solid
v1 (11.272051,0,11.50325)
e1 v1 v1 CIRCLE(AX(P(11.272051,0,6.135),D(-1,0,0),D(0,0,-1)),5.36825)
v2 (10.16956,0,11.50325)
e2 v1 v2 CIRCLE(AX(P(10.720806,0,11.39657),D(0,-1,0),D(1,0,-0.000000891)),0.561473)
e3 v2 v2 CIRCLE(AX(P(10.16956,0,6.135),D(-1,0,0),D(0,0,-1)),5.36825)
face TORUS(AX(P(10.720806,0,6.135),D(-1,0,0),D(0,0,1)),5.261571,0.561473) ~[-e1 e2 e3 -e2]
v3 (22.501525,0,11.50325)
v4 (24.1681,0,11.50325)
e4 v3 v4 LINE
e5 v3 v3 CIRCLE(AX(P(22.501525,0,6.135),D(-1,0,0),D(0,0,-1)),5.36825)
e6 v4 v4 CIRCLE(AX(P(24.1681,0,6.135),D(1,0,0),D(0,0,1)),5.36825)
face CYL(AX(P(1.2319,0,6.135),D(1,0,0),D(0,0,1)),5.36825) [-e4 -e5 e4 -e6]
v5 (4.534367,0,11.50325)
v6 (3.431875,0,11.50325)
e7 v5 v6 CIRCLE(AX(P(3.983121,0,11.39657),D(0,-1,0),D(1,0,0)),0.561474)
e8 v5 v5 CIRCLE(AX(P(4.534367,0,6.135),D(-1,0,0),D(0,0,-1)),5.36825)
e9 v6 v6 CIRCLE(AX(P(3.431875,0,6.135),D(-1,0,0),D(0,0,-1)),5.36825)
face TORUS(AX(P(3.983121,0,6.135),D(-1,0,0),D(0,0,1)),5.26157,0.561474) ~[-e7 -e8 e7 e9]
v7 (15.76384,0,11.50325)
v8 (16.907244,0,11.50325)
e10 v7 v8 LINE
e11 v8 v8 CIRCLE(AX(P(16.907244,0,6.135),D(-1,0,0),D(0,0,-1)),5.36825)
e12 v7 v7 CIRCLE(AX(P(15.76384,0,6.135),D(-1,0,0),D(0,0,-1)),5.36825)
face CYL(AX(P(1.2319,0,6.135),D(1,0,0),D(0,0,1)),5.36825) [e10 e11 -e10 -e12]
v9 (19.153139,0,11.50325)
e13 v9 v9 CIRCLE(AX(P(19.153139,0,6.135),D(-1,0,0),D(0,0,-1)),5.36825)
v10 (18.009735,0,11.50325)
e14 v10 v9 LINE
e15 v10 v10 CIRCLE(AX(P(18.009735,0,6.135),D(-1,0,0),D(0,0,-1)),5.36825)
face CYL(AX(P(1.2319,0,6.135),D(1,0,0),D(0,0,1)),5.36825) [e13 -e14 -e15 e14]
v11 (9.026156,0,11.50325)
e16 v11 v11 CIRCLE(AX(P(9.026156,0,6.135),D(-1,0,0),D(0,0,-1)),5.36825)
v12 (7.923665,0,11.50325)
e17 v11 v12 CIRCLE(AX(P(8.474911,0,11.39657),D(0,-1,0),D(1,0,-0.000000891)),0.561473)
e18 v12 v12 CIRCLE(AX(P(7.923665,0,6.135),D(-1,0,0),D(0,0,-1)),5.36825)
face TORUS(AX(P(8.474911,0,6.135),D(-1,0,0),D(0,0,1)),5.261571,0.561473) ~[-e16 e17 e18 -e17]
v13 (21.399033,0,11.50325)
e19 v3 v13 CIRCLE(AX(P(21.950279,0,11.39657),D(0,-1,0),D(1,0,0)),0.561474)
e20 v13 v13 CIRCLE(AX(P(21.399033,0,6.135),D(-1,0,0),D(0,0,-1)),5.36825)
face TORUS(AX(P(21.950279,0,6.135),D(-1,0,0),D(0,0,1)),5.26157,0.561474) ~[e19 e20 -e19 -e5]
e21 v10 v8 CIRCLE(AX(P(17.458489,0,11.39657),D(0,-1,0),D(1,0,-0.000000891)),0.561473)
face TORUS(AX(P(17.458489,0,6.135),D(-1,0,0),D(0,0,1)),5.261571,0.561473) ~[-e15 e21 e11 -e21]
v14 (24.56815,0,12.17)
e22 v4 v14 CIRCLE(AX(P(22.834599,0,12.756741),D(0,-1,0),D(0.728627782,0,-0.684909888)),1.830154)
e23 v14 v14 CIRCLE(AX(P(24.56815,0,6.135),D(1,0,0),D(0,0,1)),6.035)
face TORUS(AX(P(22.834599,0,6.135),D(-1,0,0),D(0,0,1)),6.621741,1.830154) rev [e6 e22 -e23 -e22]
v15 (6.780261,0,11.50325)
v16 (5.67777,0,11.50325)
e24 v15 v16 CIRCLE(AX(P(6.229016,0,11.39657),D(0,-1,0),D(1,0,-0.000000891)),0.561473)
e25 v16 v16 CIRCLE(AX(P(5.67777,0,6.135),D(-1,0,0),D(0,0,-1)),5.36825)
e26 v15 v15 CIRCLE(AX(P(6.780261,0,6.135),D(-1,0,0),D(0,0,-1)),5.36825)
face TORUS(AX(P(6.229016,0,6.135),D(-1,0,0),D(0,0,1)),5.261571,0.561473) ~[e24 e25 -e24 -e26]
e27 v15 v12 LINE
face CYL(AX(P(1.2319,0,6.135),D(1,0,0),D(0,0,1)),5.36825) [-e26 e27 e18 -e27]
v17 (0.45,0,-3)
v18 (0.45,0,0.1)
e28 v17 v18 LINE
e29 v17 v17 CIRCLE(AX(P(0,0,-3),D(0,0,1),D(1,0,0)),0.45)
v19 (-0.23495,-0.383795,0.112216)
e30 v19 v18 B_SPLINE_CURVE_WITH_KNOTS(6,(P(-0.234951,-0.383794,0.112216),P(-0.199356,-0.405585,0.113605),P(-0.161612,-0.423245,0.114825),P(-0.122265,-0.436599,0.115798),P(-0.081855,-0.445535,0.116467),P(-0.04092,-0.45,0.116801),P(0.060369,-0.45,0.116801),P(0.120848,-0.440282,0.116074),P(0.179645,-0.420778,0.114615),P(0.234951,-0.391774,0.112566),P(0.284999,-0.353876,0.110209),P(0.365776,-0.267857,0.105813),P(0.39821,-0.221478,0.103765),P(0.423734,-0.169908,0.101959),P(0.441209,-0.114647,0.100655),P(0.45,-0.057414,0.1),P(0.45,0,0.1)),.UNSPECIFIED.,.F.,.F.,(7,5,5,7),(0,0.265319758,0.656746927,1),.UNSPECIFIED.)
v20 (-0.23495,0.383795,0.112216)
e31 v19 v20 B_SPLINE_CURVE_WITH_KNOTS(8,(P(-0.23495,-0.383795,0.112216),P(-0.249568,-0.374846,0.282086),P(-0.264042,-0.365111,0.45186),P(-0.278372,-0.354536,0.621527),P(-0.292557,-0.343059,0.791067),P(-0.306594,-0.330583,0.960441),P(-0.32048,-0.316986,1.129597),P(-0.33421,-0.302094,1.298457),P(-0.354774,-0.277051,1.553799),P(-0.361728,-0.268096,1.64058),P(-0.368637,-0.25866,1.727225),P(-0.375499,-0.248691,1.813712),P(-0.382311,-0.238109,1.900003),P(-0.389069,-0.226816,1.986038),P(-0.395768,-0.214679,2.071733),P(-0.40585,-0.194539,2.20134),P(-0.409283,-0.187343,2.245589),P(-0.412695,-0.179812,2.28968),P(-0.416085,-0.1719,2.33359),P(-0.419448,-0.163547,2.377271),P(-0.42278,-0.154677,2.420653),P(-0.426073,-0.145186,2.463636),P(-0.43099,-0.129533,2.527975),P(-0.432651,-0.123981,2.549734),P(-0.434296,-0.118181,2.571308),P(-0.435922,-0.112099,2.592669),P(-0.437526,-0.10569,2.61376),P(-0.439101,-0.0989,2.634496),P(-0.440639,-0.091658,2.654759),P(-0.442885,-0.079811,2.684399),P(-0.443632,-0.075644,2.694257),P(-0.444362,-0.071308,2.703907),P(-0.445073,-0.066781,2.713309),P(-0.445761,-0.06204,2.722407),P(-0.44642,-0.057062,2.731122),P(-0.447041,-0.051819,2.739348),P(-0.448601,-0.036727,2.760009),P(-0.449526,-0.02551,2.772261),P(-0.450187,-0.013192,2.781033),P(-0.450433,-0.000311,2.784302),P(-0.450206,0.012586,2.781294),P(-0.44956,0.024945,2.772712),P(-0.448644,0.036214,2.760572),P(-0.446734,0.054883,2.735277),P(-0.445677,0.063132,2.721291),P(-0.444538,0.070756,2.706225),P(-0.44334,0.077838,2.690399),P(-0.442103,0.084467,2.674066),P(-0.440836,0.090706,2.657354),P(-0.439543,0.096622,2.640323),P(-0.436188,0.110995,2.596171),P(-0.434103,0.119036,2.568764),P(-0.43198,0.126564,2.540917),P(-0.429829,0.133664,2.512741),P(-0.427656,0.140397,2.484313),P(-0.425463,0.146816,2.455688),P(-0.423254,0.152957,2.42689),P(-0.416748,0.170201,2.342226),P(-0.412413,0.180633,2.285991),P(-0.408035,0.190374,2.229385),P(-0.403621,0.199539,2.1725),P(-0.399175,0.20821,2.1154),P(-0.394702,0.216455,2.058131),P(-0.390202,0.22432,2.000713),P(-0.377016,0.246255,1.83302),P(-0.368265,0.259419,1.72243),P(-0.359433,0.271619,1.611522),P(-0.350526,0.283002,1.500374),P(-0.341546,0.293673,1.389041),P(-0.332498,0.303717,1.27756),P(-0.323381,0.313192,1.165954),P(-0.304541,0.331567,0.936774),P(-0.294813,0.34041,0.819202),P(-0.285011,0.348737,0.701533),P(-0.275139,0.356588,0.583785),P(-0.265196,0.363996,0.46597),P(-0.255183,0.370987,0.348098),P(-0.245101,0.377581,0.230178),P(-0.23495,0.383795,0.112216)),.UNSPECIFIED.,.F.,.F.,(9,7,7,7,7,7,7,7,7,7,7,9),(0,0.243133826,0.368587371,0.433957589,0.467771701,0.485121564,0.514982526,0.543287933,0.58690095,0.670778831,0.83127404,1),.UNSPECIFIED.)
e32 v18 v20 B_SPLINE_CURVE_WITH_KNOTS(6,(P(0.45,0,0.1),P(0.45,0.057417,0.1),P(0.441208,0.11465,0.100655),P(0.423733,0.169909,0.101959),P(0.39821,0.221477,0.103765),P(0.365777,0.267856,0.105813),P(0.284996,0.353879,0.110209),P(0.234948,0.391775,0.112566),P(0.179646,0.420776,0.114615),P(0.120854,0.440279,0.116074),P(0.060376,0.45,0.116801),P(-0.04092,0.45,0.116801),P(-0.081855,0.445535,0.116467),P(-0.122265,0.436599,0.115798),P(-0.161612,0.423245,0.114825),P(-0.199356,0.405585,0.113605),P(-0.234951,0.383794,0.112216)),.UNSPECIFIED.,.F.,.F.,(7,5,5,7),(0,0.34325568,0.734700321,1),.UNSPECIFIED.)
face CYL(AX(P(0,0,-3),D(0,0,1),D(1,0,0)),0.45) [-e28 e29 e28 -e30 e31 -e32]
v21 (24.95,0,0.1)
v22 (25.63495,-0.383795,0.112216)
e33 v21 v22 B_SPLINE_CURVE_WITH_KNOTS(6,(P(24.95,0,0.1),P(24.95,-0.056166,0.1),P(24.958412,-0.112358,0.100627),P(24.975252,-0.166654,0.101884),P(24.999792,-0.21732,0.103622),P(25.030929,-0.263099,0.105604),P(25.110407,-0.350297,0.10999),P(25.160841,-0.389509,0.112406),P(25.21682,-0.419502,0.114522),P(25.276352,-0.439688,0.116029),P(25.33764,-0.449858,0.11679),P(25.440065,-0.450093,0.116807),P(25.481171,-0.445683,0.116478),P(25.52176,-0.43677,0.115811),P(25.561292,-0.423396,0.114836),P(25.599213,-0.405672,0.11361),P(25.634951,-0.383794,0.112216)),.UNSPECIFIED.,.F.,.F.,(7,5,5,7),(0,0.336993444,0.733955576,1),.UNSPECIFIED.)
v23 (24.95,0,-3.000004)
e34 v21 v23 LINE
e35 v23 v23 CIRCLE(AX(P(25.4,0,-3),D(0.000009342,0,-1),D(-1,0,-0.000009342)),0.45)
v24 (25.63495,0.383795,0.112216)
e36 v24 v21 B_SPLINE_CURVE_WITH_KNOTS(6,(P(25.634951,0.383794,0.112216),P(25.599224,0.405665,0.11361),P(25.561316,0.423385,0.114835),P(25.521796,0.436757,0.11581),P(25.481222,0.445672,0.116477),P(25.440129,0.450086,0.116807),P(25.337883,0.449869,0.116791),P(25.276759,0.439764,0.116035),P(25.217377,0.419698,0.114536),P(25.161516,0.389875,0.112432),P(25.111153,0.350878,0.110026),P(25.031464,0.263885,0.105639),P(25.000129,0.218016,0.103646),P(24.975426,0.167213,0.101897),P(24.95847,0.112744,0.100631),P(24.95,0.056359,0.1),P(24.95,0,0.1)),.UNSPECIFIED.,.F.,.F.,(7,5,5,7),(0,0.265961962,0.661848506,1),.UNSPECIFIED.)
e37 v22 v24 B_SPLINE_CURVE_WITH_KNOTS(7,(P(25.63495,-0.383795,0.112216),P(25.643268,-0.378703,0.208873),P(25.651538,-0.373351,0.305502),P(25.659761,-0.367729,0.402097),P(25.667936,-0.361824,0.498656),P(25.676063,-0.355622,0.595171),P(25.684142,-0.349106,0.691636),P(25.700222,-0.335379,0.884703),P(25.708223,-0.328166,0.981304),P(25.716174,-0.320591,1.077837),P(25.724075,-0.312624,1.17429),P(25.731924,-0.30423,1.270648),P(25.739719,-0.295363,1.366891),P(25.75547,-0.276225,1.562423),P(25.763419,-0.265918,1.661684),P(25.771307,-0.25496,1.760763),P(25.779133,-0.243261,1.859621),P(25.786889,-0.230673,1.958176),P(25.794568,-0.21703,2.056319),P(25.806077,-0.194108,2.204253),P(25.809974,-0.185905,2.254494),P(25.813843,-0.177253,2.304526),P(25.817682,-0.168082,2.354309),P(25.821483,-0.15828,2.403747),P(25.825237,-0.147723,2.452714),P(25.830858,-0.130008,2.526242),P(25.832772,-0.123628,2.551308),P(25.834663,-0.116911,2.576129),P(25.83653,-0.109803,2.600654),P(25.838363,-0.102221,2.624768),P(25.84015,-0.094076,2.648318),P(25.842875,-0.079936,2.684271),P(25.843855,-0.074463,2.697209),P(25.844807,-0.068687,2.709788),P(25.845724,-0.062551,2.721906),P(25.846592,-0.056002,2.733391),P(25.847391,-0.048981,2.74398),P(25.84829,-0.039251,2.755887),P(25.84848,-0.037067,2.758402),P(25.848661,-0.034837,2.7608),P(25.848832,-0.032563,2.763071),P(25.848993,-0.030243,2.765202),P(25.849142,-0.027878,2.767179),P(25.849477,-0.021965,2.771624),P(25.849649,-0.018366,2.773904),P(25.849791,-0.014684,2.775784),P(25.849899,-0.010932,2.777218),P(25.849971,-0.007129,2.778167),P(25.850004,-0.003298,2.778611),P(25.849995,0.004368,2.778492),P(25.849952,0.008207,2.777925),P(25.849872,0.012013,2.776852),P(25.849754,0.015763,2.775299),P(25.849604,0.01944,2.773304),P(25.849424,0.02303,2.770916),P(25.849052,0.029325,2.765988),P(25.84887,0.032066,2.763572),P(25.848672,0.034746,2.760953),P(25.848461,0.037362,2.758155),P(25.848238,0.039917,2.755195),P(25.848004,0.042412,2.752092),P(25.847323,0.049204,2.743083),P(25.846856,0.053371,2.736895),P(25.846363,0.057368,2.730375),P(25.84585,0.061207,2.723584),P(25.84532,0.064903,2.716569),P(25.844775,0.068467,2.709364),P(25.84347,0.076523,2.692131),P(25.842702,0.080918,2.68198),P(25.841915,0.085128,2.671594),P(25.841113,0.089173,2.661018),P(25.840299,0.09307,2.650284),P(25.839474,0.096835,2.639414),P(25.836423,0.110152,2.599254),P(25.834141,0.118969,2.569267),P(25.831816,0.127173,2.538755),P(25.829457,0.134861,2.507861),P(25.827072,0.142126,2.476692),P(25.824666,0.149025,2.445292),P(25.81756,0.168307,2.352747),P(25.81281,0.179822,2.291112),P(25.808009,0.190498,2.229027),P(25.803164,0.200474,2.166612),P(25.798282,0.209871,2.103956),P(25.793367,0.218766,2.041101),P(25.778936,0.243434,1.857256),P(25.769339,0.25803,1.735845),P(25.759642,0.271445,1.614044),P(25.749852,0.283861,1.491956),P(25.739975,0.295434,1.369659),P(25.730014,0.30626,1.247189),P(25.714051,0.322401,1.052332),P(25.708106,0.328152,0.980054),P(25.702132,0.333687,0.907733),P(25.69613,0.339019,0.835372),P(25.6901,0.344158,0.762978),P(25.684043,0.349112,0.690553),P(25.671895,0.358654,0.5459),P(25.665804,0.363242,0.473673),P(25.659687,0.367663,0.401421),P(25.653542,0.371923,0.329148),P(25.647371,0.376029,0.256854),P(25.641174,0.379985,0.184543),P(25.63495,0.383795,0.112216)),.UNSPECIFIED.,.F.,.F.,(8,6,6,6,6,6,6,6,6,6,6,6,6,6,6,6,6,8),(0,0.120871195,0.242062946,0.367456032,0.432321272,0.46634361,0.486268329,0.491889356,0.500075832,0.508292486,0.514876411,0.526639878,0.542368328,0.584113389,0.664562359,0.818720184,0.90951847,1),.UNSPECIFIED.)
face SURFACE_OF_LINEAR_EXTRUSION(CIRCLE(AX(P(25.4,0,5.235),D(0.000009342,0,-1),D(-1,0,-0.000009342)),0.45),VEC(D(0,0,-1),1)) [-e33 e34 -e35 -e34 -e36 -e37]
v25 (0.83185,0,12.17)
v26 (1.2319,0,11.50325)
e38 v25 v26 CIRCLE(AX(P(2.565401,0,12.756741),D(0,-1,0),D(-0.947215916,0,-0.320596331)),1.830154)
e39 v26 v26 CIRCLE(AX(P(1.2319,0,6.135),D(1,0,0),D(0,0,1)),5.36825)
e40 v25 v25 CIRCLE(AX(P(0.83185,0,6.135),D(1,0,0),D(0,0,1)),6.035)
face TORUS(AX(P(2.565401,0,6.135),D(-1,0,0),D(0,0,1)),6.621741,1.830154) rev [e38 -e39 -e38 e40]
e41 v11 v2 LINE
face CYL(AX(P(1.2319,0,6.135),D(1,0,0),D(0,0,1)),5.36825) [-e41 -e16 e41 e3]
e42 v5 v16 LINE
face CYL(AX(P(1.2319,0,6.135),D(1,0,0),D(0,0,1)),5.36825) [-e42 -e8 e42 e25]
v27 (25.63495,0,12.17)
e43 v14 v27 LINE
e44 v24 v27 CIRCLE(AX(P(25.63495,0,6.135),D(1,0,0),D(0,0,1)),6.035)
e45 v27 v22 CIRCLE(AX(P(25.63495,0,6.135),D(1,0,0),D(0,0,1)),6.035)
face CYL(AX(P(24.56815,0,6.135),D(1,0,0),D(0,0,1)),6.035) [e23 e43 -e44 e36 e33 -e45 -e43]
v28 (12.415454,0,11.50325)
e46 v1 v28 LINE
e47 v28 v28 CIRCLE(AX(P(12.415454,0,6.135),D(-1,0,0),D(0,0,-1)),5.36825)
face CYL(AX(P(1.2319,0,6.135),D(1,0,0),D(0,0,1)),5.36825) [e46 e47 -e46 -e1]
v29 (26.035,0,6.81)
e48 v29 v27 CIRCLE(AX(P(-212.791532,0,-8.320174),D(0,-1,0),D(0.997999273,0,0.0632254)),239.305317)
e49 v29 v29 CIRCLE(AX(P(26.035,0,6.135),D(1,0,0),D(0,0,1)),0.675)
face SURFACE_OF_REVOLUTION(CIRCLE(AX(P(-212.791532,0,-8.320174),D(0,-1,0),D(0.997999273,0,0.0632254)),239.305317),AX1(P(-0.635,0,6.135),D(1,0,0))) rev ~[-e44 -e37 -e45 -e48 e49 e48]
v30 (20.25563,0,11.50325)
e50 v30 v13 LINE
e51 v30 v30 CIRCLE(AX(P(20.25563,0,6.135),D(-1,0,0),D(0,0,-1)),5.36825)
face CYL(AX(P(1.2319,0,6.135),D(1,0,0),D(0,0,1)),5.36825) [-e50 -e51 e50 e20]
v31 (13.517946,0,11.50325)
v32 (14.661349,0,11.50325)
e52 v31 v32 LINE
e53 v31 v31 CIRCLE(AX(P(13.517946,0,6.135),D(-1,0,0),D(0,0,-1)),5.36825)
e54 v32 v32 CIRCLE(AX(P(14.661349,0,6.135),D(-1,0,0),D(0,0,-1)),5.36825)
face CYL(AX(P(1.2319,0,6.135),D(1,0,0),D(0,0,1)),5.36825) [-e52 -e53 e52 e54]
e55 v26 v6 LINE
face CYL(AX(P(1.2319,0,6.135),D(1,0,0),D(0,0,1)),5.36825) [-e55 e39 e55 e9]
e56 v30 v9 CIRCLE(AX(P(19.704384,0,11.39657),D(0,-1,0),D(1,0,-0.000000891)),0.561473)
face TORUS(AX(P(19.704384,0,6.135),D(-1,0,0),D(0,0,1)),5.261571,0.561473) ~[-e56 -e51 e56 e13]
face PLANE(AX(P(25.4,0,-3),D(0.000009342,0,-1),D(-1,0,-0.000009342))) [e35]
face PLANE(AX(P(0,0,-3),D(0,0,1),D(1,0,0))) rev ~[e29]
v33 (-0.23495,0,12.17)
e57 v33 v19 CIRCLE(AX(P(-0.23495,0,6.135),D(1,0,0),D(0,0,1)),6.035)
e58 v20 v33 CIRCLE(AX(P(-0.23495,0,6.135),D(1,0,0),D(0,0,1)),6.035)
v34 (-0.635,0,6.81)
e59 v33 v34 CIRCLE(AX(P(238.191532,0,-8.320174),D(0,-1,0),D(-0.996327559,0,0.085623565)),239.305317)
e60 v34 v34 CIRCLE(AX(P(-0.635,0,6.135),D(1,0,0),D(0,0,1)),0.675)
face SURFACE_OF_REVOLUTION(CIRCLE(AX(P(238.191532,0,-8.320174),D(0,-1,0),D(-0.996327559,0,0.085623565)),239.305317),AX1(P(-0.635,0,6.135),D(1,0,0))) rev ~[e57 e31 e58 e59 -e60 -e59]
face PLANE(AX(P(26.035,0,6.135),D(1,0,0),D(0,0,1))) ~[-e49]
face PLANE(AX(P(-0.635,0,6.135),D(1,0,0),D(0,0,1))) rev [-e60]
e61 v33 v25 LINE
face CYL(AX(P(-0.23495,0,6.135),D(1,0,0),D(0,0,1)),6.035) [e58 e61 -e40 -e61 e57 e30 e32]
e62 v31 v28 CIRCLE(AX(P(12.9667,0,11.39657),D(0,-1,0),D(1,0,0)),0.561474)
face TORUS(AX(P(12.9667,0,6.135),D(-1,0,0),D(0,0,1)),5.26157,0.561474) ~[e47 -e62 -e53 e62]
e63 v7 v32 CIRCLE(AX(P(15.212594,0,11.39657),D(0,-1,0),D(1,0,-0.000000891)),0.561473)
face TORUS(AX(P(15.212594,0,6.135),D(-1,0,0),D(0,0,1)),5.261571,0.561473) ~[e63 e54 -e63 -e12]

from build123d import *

# Parameters (mm, degrees)
SKETCH_R = 0.45


with BuildPart() as revolution:
    # Sketch002 → Revolution (revolve)
    with BuildSketch(Plane.XZ):
        with BuildLine():
            Line((-0.23495, 12.17), (0.83185, 12.17))
            ThreePointArc((0.83185, 12.17), (0.996057, 11.815134), (1.2319, 11.50325))
            Line((1.2319, 11.50325), (24.1681, 11.50325))
            ThreePointArc((24.1681, 11.50325), (24.403943, 11.815134), (24.56815, 12.17))
            Line((24.56815, 12.17), (25.63495, 12.17))
            ThreePointArc((26.035, 6.81), (25.850024, 9.491123), (25.63495, 12.17))
            Line((26.035, 6.135), (26.035, 6.81))
            Line((-0.635, 6.135), (26.035, 6.135))
            Line((-0.635, 6.135), (-0.635, 6.81))
            ThreePointArc((-0.23495, 12.17), (-0.450024, 9.491123), (-0.635, 6.81))
        make_face()
    revolve(axis=Axis((-0.635, 0, 6.135), (1, 0, 0)))


with BuildPart() as revolution001:
    # Sketch003 → Revolution001 (revolve)
    with BuildSketch(Plane.XZ):
        with BuildLine():
            ThreePointArc((4.544595, 11.39657), (3.983121, 11.958044), (3.421647, 11.39657))
            Line((2.2987, 11.39657), (3.421647, 11.39657))
            Line((2.2987, 11.39657), (2.2987, 10.18957))
            Line((2.2987, 10.18957), (23.6347, 10.18957))
            Line((23.6347, 10.18957), (23.6347, 11.39657))
            Line((22.511753, 11.39657), (23.6347, 11.39657))
            ThreePointArc((22.511753, 11.39657), (21.950279, 11.958044), (21.388805, 11.39657))
            Line((20.265858, 11.39657), (21.388805, 11.39657))
            ThreePointArc((20.265858, 11.39657), (19.704384, 11.958044), (19.142911, 11.39657))
            Line((18.019963, 11.39657), (19.142911, 11.39657))
            ThreePointArc((18.019963, 11.39657), (17.458489, 11.958044), (16.897016, 11.39657))
            Line((15.774068, 11.39657), (16.897016, 11.39657))
            ThreePointArc((15.774068, 11.39657), (15.212595, 11.958044), (14.651121, 11.39657))
            Line((13.528174, 11.39657), (14.651121, 11.39657))
            ThreePointArc((13.528174, 11.39657), (12.9667, 11.958044), (12.405226, 11.39657))
            Line((11.282279, 11.39657), (12.405226, 11.39657))
            ThreePointArc((11.282279, 11.39657), (10.720805, 11.958044), (10.159332, 11.39657))
            Line((9.036384, 11.39657), (10.159332, 11.39657))
            ThreePointArc((9.036384, 11.39657), (8.474911, 11.958044), (7.913437, 11.39657))
            Line((6.790489, 11.39657), (7.913437, 11.39657))
            ThreePointArc((6.790489, 11.39657), (6.229016, 11.958044), (5.667542, 11.39657))
            Line((4.544595, 11.39657), (5.667542, 11.39657))
        make_face()
    revolve(axis=Axis((0.03175, 0, 6.135), (1, 0, 0)))


with BuildPart() as sweep_mp_cp:
    # Sweep: sweep along a path in Sketch001
    with BuildLine(Plane.XZ) as sweep_path:
        Line((0, -3), (0, 5.235))
        ThreePointArc((0, 5.235), (0.263601, 5.871393), (0.899993, 6.135))
        Line((0.899993, 6.135), (24.5, 6.135))
        ThreePointArc((24.5, 6.135), (25.136396, 5.871396), (25.4, 5.235))
        Line((25.4, 5.235), (25.4, -3))
    # Sketch → Sweep (sweep)
    with BuildSketch(Plane.XY.offset(-2)):
        Circle(SKETCH_R)
    sweep(path=sweep_path.line)

    # Sweep_mp_cp: union Revolution, Revolution001
    add(revolution.part)
    add(revolution001.part)


solid = sweep_mp_cp.part
